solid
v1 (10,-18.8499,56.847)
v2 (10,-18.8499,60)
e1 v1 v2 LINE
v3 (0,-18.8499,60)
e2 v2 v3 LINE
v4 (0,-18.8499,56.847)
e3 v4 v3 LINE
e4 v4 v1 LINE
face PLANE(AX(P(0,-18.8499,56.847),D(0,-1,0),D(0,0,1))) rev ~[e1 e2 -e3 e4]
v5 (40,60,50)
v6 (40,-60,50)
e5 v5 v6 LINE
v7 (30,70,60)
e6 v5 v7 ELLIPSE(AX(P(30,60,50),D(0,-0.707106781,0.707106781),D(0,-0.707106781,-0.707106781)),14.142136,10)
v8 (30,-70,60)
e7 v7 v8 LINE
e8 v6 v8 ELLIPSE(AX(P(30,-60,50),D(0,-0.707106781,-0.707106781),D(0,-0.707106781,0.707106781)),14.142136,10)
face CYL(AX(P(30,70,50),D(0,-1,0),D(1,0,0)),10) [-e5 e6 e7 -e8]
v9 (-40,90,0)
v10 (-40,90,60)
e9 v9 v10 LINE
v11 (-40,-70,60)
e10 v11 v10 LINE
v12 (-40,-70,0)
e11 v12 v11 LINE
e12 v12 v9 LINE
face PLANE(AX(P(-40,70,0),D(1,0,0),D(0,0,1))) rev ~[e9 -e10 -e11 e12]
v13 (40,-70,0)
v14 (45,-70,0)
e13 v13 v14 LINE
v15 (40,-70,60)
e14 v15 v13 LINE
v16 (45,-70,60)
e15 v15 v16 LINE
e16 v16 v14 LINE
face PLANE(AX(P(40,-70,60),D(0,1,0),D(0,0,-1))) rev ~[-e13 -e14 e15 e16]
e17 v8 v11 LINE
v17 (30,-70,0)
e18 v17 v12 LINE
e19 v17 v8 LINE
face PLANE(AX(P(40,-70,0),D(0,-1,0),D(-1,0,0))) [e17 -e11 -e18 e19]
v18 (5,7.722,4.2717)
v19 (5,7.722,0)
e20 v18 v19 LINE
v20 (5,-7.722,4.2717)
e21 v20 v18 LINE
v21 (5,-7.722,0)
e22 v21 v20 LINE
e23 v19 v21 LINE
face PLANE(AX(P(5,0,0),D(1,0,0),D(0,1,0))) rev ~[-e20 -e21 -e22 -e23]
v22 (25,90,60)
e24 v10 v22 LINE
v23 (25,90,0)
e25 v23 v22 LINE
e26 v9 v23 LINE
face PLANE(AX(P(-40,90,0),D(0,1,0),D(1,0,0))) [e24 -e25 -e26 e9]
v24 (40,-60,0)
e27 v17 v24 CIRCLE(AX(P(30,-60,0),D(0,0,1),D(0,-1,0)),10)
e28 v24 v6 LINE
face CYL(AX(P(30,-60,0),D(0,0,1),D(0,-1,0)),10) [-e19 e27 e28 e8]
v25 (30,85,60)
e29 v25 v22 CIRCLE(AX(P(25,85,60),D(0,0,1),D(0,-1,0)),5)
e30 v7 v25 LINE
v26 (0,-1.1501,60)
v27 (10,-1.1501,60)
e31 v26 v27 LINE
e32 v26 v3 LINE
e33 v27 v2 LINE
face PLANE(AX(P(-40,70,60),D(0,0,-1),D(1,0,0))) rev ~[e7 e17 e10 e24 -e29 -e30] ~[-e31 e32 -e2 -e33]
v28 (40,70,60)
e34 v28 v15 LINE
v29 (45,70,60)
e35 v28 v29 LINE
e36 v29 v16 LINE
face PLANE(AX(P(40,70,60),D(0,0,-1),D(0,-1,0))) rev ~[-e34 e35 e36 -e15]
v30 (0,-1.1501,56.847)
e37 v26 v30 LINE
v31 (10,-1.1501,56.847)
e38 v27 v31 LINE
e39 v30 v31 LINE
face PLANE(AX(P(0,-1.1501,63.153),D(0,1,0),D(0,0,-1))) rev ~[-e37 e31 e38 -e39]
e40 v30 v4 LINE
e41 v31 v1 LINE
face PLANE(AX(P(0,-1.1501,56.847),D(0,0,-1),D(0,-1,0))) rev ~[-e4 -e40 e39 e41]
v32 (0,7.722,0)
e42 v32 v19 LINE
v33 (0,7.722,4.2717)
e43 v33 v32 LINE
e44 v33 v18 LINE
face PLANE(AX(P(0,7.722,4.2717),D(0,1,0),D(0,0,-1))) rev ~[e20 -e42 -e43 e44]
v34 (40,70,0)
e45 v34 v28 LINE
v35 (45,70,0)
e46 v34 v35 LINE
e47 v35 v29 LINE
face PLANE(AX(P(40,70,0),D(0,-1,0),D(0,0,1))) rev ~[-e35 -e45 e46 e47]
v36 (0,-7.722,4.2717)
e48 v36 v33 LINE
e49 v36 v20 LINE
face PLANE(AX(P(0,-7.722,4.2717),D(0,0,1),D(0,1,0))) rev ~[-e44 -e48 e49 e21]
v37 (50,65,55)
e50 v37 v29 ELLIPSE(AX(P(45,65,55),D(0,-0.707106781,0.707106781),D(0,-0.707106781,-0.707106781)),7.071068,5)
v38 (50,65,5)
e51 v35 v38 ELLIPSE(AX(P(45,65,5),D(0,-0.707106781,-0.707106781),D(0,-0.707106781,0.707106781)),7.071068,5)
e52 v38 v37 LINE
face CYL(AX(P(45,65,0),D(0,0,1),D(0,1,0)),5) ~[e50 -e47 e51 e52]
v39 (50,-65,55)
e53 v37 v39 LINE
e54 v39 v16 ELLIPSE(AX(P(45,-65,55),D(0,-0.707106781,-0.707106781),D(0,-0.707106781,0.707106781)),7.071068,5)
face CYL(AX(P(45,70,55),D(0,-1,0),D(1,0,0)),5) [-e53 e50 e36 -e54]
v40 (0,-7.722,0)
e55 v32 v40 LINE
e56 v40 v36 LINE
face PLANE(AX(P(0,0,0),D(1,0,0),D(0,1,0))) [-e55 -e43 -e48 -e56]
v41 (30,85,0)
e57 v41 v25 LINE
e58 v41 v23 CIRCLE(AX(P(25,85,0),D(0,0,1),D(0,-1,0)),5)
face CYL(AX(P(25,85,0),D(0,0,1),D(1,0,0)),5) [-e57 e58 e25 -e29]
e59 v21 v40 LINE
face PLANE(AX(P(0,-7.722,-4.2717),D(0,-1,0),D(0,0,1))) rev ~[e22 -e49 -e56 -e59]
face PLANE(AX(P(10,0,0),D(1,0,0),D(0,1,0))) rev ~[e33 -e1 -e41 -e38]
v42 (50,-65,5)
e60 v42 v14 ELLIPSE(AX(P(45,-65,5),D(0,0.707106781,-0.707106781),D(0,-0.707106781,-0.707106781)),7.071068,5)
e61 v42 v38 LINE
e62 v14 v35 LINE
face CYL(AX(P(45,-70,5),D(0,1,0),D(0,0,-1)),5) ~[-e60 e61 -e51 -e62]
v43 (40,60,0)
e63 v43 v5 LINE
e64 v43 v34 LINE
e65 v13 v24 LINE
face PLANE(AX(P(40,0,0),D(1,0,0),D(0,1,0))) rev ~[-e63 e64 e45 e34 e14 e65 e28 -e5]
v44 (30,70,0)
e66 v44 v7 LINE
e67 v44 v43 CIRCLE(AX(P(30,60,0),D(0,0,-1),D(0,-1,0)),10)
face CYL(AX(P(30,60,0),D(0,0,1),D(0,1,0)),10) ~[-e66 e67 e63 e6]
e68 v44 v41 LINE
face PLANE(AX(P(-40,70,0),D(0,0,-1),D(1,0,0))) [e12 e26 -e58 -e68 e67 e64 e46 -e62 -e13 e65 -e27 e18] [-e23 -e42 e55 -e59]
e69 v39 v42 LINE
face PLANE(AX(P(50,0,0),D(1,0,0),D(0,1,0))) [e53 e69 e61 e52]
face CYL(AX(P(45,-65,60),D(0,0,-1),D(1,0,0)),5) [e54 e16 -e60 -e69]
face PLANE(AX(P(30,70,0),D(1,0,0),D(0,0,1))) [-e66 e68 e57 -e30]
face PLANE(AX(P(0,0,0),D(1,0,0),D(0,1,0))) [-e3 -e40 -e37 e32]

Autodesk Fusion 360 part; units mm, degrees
sketch "Sketch1" plane through (0, 0, 0) normal (0, 0, 1) x (1, 0, 0)
  line L0 (40, -70) -> (-40, -70)
  line L1 (-40, -70) -> (-40, 70)
  line L2 (-40, 70) -> (40, 70)
  line L3 (40, 70) -> (40, -70)
  line L4 (40, -70) -> (-40, 70) construction
  line L5 (-40, -70) -> (40, 70) construction
extrude "Extrude1" add sketch "Sketch1" along normal blind 60
sketch "Sketch2" plane through (40, 0, 0) normal (1, 0, 0) x (0, 1, 0)
  line L0 (-70, 0) -> (70, 0)
  line L1 (70, 0) -> (70, 60)
  line L2 (70, 60) -> (-70, 60)
  line L3 (-70, 60) -> (-70, 0)
fillet "Fillet1" radius 10 3 edges at (40, 0, 60) (40, -70, 30) (40, 70, 30)
extrude "Extrude2" add sketch "Sketch2" along normal blind 10
extrude "Extrude3" add 1 faces at (-16.6667, 70, 20) along direction (0, 1, 0) blind 20
sketch "Sketch3" plane through (0, 0, 0) normal (1, 0, 0) x (0, 1, 0)
  line L0 (-1.1501, 56.847) -> (-18.8499, 56.847)
  line L1 (-18.8499, 56.847) -> (-18.8499, 63.153)
  line L2 (-18.8499, 63.153) -> (-1.1501, 63.153)
  line L3 (-1.1501, 63.153) -> (-1.1501, 56.847)
  line L4 (-1.1501, 56.847) -> (-18.8499, 63.153) construction
  line L5 (-18.8499, 56.847) -> (-1.1501, 63.153) construction
  point P0 (-10, 60)
extrude "Extrude4" cut sketch "Sketch3" along normal blind 10
fillet "Fillet2" radius 5 1 edges at (50, 0, 60) 1 faces at (50, -23.3333, 40)
sketch "Sketch4" plane through (0, 0, 0) normal (1, 0, 0) x (0, 1, 0)
  line L0 (7.722, -4.2717) -> (-7.722, -4.2717)
  line L1 (-7.722, -4.2717) -> (-7.722, 4.2717)
  line L2 (-7.722, 4.2717) -> (7.722, 4.2717)
  line L3 (7.722, 4.2717) -> (7.722, -4.2717)
  line L4 (7.722, -4.2717) -> (-7.722, 4.2717) construction
  line L5 (-7.722, -4.2717) -> (7.722, 4.2717) construction
extrude "Extrude5" cut sketch "Sketch4" along normal blind 5
fillet "Fillet3" radius 5 1 edges at (30, 90, 30)
